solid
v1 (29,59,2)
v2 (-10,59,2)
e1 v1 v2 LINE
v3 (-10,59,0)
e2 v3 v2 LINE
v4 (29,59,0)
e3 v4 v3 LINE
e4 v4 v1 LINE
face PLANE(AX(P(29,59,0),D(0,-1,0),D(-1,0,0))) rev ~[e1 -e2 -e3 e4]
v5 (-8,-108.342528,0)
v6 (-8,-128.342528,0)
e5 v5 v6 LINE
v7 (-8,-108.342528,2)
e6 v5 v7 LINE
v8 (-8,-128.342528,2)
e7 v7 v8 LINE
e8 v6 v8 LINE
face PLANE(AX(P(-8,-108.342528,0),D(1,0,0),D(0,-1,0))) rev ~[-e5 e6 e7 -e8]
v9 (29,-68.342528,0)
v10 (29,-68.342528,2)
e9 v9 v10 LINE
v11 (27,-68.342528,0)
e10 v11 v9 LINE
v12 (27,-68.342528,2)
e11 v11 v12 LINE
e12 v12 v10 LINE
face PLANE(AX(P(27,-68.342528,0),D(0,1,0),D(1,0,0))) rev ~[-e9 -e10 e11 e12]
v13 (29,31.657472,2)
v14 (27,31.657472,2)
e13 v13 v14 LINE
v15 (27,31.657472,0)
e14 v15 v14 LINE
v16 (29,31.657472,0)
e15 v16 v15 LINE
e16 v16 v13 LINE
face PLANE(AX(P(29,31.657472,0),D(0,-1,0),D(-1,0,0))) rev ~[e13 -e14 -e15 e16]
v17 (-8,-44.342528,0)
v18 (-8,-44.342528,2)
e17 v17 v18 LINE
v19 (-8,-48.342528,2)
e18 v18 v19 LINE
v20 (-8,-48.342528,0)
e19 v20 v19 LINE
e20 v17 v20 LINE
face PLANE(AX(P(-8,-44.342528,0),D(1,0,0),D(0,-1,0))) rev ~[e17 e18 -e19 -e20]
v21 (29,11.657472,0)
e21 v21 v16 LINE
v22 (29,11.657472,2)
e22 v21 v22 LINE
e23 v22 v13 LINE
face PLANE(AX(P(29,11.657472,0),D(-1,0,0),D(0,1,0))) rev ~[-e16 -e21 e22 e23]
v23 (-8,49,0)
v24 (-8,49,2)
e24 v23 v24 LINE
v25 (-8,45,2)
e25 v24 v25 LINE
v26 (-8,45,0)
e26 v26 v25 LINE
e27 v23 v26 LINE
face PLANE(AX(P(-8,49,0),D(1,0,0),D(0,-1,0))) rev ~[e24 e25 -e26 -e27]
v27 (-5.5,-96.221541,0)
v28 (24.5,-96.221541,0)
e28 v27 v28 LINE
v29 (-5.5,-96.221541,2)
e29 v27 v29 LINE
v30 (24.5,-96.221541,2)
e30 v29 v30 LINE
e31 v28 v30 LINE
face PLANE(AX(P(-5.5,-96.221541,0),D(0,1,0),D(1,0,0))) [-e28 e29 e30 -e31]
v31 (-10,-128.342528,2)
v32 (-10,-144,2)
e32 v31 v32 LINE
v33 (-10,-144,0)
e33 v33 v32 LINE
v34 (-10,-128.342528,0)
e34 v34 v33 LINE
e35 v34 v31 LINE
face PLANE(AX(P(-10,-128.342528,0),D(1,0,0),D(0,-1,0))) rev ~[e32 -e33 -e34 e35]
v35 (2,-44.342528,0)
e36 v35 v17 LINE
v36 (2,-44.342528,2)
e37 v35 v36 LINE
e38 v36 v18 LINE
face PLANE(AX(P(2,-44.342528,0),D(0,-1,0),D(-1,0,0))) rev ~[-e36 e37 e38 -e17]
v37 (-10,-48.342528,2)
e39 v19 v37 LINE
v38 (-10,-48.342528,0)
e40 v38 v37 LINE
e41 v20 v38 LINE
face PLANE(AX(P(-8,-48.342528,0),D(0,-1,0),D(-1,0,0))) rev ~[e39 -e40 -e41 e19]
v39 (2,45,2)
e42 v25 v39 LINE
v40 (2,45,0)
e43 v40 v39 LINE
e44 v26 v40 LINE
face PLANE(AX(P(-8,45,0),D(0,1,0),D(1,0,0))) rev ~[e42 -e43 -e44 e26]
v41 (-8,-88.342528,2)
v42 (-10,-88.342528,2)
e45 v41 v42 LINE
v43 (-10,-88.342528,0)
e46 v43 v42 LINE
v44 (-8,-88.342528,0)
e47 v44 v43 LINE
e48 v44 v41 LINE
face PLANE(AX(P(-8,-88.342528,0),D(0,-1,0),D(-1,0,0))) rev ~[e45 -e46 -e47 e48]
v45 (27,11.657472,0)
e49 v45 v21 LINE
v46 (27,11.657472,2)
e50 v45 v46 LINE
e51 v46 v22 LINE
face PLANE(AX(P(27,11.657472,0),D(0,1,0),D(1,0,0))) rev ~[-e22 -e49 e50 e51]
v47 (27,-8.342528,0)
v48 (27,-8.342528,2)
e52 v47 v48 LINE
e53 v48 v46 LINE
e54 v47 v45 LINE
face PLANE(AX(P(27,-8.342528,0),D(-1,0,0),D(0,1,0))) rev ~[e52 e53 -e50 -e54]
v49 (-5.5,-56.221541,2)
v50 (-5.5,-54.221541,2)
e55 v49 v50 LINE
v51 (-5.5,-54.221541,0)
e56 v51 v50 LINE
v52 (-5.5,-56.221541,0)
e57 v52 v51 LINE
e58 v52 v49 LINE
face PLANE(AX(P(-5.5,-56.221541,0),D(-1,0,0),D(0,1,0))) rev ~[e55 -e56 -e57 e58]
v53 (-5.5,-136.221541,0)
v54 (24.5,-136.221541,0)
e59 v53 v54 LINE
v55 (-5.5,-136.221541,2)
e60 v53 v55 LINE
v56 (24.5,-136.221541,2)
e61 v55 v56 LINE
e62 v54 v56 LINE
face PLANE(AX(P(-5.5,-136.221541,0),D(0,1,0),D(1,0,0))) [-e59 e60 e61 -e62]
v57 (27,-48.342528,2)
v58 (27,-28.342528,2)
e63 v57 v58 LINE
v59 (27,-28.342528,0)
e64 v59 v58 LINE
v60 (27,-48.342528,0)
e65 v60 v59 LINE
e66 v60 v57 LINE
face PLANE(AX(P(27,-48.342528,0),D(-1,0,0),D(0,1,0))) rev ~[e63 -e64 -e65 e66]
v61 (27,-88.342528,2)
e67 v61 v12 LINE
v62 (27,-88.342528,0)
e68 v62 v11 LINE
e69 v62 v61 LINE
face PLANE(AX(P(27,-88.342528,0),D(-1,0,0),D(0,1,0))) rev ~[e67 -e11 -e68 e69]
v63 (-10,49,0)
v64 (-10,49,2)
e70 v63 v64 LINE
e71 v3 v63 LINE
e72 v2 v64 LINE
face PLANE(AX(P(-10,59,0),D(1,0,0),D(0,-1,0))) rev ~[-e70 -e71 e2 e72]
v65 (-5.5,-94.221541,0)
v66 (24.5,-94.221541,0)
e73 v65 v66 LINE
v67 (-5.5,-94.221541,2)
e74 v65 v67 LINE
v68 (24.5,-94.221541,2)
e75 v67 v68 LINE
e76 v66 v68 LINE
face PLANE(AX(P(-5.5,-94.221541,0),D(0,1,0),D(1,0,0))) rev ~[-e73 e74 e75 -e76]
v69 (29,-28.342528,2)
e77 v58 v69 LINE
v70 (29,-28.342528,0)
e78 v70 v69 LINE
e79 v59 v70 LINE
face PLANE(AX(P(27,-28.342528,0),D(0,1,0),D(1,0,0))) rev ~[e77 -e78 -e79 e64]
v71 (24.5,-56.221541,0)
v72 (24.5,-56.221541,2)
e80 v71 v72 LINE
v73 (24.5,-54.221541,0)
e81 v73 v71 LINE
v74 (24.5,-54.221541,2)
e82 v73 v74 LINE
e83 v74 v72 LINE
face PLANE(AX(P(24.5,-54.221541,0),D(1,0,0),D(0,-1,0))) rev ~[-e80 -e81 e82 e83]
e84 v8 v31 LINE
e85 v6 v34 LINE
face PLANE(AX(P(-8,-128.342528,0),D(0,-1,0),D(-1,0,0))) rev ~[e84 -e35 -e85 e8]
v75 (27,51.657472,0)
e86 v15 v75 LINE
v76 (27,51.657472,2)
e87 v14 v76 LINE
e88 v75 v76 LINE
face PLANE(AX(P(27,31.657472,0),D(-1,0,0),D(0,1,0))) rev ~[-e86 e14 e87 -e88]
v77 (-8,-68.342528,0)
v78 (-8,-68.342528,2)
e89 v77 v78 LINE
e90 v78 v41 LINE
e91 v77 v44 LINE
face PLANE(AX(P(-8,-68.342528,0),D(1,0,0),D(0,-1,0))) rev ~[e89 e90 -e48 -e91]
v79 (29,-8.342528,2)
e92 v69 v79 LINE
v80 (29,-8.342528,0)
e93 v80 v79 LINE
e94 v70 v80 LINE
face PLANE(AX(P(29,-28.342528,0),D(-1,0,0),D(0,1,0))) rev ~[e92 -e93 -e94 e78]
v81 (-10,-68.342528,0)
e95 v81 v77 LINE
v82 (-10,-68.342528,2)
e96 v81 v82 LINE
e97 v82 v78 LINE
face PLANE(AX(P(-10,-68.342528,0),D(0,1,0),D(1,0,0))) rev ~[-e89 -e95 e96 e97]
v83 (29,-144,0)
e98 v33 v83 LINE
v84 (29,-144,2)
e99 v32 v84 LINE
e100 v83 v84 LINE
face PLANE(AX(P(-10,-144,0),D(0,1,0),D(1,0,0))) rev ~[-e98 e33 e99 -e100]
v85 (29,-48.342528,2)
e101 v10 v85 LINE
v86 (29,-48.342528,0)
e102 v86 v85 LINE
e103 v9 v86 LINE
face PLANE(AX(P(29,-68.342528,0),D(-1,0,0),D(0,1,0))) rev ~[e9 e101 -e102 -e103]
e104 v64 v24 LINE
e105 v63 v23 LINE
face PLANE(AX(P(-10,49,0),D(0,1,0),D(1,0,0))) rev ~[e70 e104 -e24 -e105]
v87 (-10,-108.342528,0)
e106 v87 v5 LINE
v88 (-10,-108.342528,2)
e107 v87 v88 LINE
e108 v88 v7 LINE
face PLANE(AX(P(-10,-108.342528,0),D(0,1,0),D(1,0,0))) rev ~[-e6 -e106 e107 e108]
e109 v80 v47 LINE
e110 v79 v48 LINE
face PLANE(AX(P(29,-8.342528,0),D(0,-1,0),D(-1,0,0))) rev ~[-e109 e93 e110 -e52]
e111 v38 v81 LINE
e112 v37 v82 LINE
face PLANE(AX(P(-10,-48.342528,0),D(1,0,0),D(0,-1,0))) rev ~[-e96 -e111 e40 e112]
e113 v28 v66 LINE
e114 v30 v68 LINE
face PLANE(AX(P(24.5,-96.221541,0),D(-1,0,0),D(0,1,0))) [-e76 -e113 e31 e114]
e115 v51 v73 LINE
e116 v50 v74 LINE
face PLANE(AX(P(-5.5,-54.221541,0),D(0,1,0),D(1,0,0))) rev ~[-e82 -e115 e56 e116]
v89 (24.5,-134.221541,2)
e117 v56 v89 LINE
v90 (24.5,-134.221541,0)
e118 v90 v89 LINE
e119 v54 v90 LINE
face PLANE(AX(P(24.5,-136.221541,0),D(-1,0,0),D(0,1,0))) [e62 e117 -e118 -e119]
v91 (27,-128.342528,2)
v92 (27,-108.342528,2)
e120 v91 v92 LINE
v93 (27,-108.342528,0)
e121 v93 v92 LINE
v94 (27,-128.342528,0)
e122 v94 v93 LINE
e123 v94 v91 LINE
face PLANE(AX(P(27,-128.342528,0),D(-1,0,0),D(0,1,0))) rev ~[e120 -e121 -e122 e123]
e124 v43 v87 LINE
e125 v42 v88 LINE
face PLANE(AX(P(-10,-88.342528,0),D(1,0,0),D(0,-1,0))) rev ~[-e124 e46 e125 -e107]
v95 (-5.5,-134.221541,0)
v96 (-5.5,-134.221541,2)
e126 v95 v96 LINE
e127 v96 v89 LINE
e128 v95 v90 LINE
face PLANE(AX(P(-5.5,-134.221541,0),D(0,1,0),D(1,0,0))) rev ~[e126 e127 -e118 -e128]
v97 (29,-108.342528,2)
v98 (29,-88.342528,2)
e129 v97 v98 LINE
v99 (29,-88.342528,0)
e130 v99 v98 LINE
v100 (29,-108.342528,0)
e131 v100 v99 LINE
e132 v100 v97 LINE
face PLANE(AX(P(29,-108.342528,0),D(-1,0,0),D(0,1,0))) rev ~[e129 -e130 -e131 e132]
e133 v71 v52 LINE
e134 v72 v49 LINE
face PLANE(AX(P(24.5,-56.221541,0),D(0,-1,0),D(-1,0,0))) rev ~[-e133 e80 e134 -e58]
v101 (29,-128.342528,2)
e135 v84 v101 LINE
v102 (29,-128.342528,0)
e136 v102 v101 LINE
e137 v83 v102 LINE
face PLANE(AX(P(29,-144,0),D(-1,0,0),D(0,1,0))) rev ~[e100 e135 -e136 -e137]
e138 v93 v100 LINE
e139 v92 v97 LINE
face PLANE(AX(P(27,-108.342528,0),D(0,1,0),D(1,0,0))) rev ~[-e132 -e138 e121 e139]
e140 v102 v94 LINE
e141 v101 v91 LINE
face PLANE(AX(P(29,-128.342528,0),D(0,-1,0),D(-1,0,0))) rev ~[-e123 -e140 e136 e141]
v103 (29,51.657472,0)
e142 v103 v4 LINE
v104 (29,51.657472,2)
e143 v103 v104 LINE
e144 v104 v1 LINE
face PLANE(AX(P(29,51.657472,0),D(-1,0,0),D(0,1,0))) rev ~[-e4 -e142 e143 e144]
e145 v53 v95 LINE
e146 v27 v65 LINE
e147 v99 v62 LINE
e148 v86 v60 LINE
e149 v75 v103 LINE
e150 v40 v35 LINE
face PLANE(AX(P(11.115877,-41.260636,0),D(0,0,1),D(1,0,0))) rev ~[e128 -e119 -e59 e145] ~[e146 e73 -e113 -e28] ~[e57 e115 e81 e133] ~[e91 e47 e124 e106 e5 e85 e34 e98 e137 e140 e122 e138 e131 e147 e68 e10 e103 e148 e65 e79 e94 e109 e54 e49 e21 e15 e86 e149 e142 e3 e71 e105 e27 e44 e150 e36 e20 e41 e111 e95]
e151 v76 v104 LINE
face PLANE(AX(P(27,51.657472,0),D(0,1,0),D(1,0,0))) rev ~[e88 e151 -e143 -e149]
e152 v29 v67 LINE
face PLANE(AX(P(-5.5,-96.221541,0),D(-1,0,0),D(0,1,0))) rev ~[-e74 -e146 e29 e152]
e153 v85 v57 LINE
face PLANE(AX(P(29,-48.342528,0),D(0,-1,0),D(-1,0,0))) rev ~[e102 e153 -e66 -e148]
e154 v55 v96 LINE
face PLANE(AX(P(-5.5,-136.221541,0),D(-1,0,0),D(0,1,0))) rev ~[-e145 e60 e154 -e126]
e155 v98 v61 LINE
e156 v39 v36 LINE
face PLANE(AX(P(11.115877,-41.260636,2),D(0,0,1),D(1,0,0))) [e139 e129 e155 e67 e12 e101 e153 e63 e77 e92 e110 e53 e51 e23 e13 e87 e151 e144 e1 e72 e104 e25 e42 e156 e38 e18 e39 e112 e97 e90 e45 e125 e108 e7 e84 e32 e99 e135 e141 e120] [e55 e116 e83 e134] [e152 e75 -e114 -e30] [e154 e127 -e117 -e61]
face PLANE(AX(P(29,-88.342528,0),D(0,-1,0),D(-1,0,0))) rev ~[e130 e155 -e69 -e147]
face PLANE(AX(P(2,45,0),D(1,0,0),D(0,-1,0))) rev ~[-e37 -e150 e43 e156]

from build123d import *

# Parameters (mm, degrees)
SKETCH_1_W      = 30
SKETCH_1_H      = 2
EXTRUDE_2_DEPTH = 2


with BuildPart() as part:
    # 草图1 → 凸台-拉伸2 (new body)
    with BuildSketch(Plane.XY):
        Polygon((-8, 49), (-8, 45), (2, 45), (2, 33.89311496), (2, -33.9722289), (2, -44.34252785), (-8, -44.34252785), (-8, -48.34252785), (-10, -48.34252785), (-10, -68.34252785), (-8, -68.34252785), (-8, -88.34252785), (-10, -88.34252785), (-10, -108.34252785), (-8, -108.34252785), (-8, -128.34252785), (-10, -128.34252785), (-10, -144), (-8, -144), (27, -144), (29, -144), (29, -128.34252785), (27, -128.34252785), (27, -108.34252785), (29, -108.34252785), (29, -88.34252785), (27, -88.34252785), (27, -68.34252785), (29, -68.34252785), (29, -48.34252785), (27, -48.34252785), (27, -28.34252785), (29, -28.34252785), (29, -8.34252785), (27, -8.34252785), (27, 11.65747215), (29, 11.65747215), (29, 31.65747215), (27, 31.65747215), (27, 51.65747215), (29, 51.65747215), (29, 59), (-10, 59), (-10, 49), align=None)
        Polygon((9.5, -54.22154055), (24.5, -54.22154055), (24.5, -56.22154055), (-5.5, -56.22154055), (-5.5, -54.22154055), align=None, mode=Mode.SUBTRACT)
        with Locations((9.5, -95.22154055)):
            Rectangle(SKETCH_1_W, SKETCH_1_H, mode=Mode.SUBTRACT)
        with Locations((9.5, -135.22154055)):
            Rectangle(SKETCH_1_W, SKETCH_1_H, mode=Mode.SUBTRACT)
    extrude(amount=EXTRUDE_2_DEPTH)


solid = part.part
